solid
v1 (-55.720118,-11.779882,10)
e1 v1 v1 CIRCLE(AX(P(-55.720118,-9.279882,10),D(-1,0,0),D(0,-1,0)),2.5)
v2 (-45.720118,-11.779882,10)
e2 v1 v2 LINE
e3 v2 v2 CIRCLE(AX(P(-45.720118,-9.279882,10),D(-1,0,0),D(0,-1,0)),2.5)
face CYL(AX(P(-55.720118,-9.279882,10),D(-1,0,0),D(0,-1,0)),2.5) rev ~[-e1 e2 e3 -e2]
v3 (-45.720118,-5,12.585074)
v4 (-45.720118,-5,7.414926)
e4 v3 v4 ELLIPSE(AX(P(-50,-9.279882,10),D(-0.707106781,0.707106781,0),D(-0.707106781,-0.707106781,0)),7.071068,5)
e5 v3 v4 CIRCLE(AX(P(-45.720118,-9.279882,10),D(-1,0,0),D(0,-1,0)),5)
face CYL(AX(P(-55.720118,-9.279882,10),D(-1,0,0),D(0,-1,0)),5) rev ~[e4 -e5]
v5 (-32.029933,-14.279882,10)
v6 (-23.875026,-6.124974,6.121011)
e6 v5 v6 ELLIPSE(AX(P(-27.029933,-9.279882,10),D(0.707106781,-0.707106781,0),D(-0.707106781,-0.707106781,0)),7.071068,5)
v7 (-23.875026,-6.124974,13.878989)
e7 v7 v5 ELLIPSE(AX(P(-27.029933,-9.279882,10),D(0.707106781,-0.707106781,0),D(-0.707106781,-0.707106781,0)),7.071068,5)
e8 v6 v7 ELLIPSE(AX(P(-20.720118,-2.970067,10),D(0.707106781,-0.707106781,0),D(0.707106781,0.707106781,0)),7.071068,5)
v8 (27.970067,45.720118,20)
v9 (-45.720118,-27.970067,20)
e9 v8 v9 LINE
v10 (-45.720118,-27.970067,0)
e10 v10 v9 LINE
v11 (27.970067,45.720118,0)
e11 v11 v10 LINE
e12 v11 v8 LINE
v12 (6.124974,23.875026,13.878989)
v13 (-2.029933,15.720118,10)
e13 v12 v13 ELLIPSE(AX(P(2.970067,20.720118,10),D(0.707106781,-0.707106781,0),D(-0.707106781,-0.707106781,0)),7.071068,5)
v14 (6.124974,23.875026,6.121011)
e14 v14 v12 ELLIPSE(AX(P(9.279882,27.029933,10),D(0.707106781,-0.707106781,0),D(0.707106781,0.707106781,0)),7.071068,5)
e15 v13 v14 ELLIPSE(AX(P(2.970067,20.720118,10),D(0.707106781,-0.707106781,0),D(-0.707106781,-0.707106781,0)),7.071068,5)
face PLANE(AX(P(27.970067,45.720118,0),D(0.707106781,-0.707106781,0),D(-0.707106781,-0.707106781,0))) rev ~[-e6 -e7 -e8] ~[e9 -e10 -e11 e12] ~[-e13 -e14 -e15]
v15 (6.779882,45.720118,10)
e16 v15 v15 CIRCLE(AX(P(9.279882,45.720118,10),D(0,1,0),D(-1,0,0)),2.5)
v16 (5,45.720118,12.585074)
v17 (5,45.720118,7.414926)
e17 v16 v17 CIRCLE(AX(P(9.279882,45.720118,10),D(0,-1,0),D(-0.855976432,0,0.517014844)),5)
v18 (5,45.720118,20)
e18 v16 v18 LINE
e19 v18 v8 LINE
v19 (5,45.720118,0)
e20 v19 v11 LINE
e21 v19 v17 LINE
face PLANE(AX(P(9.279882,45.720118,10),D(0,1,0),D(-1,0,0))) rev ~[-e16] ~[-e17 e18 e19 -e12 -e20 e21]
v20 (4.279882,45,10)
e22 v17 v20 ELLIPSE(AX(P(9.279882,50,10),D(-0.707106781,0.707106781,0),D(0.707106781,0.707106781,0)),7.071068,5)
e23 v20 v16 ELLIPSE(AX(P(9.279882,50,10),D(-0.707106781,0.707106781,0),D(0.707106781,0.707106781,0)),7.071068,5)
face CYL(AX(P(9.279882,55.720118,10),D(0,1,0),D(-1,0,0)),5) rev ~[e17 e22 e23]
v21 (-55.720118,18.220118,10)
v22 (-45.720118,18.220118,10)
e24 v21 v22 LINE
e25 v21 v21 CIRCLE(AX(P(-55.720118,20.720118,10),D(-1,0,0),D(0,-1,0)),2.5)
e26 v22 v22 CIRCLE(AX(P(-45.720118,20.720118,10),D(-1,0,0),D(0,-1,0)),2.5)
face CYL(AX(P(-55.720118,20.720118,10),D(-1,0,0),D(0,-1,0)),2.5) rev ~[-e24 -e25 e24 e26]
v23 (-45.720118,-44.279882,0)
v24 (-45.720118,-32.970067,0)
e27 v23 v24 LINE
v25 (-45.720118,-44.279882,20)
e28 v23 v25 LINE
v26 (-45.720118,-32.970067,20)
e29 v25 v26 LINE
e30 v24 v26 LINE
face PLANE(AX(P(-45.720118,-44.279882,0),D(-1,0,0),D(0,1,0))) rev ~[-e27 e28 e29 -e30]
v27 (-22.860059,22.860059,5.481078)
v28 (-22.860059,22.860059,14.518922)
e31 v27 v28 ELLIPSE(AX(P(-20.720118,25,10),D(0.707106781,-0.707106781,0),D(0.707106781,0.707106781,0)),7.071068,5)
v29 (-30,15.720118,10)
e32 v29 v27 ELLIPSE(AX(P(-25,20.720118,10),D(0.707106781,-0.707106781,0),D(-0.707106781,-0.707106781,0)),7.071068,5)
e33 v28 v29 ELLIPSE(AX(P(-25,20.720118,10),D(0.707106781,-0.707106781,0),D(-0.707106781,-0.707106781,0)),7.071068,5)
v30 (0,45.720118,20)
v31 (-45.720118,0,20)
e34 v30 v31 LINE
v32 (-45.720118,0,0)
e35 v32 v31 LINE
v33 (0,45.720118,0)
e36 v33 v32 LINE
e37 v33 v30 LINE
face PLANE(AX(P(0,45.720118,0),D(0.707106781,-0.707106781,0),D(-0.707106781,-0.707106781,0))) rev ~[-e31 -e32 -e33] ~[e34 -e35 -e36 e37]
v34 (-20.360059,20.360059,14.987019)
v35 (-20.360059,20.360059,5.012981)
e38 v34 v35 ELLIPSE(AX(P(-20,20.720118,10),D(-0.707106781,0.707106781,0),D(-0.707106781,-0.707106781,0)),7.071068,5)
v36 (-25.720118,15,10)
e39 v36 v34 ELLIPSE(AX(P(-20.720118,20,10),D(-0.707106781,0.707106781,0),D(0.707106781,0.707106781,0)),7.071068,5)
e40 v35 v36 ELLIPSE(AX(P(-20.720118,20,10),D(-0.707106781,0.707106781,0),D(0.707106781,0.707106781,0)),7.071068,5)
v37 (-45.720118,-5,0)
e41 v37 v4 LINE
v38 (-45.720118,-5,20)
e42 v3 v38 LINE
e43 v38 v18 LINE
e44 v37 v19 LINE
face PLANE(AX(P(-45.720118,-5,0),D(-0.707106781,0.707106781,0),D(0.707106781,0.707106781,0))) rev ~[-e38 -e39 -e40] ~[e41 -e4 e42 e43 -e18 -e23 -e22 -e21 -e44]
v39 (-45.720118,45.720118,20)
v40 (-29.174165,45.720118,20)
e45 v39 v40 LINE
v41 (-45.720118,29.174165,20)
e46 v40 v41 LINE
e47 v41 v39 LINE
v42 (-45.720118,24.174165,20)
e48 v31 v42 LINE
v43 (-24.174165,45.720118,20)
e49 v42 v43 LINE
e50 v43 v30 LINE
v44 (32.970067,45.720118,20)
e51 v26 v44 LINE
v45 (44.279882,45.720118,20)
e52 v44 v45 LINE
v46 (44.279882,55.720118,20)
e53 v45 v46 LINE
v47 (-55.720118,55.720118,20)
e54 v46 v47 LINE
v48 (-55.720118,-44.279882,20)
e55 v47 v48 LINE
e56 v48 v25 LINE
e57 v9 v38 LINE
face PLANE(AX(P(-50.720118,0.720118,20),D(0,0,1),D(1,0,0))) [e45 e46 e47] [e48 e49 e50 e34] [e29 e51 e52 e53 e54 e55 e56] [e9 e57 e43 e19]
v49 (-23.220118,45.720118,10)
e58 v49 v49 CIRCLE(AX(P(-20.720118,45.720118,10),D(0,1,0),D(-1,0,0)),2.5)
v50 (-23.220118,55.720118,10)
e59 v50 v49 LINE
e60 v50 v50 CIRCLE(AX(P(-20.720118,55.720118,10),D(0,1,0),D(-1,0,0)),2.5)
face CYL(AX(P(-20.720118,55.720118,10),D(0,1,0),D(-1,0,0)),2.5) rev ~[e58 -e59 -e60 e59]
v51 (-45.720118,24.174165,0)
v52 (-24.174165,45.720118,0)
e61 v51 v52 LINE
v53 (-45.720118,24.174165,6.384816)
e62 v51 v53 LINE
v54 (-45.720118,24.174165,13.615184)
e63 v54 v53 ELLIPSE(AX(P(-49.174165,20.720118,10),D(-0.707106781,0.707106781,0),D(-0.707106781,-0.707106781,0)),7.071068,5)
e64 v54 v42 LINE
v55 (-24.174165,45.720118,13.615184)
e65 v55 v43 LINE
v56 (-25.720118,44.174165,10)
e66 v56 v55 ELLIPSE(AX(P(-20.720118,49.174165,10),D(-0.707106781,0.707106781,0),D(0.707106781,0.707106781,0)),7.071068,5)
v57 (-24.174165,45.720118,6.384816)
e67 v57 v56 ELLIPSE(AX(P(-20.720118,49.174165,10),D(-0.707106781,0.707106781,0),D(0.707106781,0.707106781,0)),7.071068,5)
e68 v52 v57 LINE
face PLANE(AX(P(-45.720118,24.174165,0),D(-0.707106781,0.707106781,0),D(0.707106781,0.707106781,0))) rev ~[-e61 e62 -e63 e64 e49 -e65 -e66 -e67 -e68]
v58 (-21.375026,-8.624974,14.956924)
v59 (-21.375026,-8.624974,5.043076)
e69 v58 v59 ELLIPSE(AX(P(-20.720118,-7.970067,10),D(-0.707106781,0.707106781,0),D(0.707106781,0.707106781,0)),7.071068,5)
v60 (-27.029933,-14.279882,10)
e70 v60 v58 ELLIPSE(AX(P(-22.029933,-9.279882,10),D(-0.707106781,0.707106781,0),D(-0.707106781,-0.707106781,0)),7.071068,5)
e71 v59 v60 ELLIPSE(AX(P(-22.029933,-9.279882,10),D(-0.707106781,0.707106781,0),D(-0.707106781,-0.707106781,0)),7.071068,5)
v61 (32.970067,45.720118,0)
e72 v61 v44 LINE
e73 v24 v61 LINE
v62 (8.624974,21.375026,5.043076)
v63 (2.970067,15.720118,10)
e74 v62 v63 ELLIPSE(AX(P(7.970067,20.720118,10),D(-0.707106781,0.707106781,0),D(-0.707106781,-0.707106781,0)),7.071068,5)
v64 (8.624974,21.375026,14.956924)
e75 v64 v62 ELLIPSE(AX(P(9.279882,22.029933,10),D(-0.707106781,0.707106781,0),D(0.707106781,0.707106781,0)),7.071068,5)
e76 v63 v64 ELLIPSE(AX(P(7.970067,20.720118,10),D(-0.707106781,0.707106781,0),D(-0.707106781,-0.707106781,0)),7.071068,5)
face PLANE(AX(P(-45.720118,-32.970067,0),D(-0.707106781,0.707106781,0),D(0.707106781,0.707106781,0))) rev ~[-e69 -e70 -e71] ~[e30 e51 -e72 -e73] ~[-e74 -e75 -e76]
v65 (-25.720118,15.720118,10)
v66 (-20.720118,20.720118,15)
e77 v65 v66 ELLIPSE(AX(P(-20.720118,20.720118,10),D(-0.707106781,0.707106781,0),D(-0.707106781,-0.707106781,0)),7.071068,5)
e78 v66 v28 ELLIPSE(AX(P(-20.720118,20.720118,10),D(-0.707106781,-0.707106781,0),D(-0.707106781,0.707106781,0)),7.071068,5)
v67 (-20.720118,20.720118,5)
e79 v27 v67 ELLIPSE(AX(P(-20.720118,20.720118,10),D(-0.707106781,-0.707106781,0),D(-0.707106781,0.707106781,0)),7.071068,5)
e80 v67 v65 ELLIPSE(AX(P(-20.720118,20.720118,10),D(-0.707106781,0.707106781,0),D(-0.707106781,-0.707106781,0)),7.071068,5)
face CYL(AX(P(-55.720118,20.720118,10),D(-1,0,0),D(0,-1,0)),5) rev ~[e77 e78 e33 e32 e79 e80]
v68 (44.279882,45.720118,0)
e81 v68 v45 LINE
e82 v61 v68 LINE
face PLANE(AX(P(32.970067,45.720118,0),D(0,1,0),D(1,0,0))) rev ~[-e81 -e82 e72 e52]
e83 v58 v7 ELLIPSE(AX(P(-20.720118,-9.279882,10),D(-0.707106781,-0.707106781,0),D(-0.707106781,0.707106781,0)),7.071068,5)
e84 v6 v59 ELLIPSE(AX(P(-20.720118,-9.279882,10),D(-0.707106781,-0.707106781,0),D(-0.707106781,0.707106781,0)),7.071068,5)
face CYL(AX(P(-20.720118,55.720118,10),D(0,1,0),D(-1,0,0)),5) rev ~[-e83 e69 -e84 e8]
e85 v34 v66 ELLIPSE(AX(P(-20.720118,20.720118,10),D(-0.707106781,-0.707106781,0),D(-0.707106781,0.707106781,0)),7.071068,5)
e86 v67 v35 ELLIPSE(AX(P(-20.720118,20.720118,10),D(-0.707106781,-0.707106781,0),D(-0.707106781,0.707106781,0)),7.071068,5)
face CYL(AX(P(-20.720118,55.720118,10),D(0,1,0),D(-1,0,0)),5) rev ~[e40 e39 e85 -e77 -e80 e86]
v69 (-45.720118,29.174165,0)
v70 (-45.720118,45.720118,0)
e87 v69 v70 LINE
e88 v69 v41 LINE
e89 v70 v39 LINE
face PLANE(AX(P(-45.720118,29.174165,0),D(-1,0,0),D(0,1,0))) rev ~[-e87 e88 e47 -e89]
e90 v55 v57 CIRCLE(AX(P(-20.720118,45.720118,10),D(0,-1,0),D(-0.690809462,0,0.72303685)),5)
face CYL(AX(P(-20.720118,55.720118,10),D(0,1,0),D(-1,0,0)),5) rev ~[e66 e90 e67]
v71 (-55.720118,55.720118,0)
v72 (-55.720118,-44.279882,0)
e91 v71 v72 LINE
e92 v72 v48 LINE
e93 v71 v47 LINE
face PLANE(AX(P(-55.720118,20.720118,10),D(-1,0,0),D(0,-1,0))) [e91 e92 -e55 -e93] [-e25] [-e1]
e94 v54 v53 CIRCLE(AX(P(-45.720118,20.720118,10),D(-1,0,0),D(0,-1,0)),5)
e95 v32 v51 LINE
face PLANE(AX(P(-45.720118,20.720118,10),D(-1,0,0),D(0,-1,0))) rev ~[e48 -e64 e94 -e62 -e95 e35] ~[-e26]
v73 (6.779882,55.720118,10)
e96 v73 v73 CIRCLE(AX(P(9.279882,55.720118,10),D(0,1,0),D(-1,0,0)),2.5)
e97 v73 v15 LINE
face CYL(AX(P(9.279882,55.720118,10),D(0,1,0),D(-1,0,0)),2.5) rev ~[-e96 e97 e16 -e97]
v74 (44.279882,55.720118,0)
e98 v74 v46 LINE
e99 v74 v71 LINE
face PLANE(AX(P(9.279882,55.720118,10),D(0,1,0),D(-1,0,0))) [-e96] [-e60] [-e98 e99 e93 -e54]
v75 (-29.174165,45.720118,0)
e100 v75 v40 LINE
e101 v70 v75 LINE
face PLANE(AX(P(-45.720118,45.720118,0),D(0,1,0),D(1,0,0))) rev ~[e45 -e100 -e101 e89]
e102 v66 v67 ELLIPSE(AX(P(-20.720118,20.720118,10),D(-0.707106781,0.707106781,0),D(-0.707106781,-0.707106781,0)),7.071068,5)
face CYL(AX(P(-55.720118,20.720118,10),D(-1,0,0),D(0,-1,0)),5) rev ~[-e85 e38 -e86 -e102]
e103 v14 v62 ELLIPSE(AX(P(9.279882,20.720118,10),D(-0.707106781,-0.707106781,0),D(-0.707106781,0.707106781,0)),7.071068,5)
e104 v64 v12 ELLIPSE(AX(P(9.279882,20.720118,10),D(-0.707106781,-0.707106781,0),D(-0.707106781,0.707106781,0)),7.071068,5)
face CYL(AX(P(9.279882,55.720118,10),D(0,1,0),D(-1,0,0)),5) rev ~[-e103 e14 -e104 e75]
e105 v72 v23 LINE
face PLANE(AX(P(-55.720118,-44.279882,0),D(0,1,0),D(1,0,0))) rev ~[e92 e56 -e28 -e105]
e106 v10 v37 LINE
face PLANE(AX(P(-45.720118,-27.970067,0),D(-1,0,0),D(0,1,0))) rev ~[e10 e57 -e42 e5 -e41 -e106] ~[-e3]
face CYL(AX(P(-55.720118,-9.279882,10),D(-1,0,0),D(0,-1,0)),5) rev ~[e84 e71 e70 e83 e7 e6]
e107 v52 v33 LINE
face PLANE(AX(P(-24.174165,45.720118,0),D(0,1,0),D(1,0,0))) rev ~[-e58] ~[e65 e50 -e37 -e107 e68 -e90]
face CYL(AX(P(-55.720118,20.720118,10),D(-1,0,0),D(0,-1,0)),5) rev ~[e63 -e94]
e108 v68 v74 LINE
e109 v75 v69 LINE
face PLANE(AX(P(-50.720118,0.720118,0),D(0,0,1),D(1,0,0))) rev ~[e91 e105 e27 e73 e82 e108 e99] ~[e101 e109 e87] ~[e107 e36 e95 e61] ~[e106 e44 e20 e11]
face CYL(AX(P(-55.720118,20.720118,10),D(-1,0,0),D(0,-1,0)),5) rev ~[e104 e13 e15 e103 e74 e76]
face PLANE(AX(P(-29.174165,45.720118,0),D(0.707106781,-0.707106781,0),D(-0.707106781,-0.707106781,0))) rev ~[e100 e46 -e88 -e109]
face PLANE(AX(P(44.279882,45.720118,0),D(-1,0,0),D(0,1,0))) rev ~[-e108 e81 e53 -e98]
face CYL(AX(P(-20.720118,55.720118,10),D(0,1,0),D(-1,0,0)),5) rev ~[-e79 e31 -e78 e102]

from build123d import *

# Parameters (mm, degrees)
F0_W     = 10
F0_H     = 10
F1_DEPTH = 20
F2_R     = 5
F2_R_2   = 2.5
F3_DEPTH = 86.8
F4_DEPTH = 10
F5_R     = 5
F5_R_2   = 2.5
F6_DEPTH = 102.9
F7_DEPTH = 10


with BuildPart() as f1:
    # F0 (on Top) → F1 (new body)
    with BuildSketch(Plane.XY):
        Polygon((-45.7201178421, 45.7201178421), (-55.7201178421, 45.7201178421), (-55.7201178421, -44.2798821579), (-45.7201178421, -44.2798821579), (-45.7201178421, -32.9700666645), (-45.7201178421, -27.9700666645), (-45.7201178421, -5), (-45.7201178421, 0), (-45.7201178421, 24.1741651532), (-45.7201178421, 29.1741651532), align=None)
        with Locations((-50.7201178421, 50.7201178421)):
            Rectangle(F0_W, F0_H)
        Polygon((44.2798821579, 55.7201178421), (-45.7201178421, 55.7201178421), (-45.7201178421, 45.7201178421), (-29.1741651532, 45.7201178421), (-24.1741651532, 45.7201178421), (0, 45.7201178421), (5, 45.7201178421), (27.9700666645, 45.7201178421), (32.9700666645, 45.7201178421), (44.2798821579, 45.7201178421), align=None)
        Polygon((-29.1741651532, 45.7201178421), (-45.7201178421, 29.1741651532), (-45.7201178421, 24.1741651532), (-24.1741651532, 45.7201178421), align=None)
        Polygon((0, 45.7201178421), (-45.7201178421, 0), (-45.7201178421, -5), (5, 45.7201178421), align=None)
        Polygon((-45.7201178421, -32.9700666645), (32.9700666645, 45.7201178421), (27.9700666645, 45.7201178421), (-45.7201178421, -27.9700666645), align=None)
    extrude(amount=F1_DEPTH)

    # F2 (on face) → F3 (cut)
    with BuildSketch(Plane(origin=(-55.7201178421, 0, 0), x_dir=(0, -1, 0), z_dir=(-1, 0, 0))):
        with Locations((9.2798821579, 10)):
            Circle(F2_R)
        with Locations((9.2798821579, 10)):
            Circle(F2_R_2, mode=Mode.SUBTRACT)
        with Locations((-20.7201178421, 10)):
            Circle(F2_R)
        with Locations((-20.7201178421, 10)):
            Circle(F2_R_2, mode=Mode.SUBTRACT)
        with Locations((9.2798821579, 10)):
            Circle(F2_R_2)
        with Locations((-20.7201178421, 10)):
            Circle(F2_R_2)
    extrude(amount=-F3_DEPTH, mode=Mode.SUBTRACT)

    # F2 (on face) → F4 (join)
    with BuildSketch(Plane(origin=(-55.7201178421, 0, 0), x_dir=(0, -1, 0), z_dir=(-1, 0, 0))):
        with Locations((-20.7201178421, 10)):
            Circle(F2_R)
        with Locations((-20.7201178421, 10)):
            Circle(F2_R_2, mode=Mode.SUBTRACT)
        with Locations((9.2798821579, 10)):
            Circle(F2_R)
        with Locations((9.2798821579, 10)):
            Circle(F2_R_2, mode=Mode.SUBTRACT)
    extrude(amount=-F4_DEPTH)

    # F5 (on face) → F6 (cut)
    with BuildSketch(Plane(origin=(0, 55.7201178421, 0), x_dir=(-1, 0, 0), z_dir=(0, 1, 0))):
        with Locations((20.7201178421, 10)):
            Circle(F5_R)
        with Locations((20.7201178421, 10)):
            Circle(F5_R_2, mode=Mode.SUBTRACT)
        with Locations((-9.2798821579, 10)):
            Circle(F5_R)
        with Locations((-9.2798821579, 10)):
            Circle(F5_R_2, mode=Mode.SUBTRACT)
        with Locations((20.7201178421, 10)):
            Circle(F5_R_2)
        with Locations((-9.2798821579, 10)):
            Circle(F5_R_2)
    extrude(amount=-F6_DEPTH, mode=Mode.SUBTRACT)

    # F5 (on face) → F7 (join)
    with BuildSketch(Plane(origin=(0, 55.7201178421, 0), x_dir=(-1, 0, 0), z_dir=(0, 1, 0))):
        with Locations((-9.2798821579, 10)):
            Circle(F5_R)
        with Locations((-9.2798821579, 10)):
            Circle(F5_R_2, mode=Mode.SUBTRACT)
        with Locations((20.7201178421, 10)):
            Circle(F5_R)
        with Locations((20.7201178421, 10)):
            Circle(F5_R_2, mode=Mode.SUBTRACT)
    extrude(amount=-F7_DEPTH)


solid = f1.part
